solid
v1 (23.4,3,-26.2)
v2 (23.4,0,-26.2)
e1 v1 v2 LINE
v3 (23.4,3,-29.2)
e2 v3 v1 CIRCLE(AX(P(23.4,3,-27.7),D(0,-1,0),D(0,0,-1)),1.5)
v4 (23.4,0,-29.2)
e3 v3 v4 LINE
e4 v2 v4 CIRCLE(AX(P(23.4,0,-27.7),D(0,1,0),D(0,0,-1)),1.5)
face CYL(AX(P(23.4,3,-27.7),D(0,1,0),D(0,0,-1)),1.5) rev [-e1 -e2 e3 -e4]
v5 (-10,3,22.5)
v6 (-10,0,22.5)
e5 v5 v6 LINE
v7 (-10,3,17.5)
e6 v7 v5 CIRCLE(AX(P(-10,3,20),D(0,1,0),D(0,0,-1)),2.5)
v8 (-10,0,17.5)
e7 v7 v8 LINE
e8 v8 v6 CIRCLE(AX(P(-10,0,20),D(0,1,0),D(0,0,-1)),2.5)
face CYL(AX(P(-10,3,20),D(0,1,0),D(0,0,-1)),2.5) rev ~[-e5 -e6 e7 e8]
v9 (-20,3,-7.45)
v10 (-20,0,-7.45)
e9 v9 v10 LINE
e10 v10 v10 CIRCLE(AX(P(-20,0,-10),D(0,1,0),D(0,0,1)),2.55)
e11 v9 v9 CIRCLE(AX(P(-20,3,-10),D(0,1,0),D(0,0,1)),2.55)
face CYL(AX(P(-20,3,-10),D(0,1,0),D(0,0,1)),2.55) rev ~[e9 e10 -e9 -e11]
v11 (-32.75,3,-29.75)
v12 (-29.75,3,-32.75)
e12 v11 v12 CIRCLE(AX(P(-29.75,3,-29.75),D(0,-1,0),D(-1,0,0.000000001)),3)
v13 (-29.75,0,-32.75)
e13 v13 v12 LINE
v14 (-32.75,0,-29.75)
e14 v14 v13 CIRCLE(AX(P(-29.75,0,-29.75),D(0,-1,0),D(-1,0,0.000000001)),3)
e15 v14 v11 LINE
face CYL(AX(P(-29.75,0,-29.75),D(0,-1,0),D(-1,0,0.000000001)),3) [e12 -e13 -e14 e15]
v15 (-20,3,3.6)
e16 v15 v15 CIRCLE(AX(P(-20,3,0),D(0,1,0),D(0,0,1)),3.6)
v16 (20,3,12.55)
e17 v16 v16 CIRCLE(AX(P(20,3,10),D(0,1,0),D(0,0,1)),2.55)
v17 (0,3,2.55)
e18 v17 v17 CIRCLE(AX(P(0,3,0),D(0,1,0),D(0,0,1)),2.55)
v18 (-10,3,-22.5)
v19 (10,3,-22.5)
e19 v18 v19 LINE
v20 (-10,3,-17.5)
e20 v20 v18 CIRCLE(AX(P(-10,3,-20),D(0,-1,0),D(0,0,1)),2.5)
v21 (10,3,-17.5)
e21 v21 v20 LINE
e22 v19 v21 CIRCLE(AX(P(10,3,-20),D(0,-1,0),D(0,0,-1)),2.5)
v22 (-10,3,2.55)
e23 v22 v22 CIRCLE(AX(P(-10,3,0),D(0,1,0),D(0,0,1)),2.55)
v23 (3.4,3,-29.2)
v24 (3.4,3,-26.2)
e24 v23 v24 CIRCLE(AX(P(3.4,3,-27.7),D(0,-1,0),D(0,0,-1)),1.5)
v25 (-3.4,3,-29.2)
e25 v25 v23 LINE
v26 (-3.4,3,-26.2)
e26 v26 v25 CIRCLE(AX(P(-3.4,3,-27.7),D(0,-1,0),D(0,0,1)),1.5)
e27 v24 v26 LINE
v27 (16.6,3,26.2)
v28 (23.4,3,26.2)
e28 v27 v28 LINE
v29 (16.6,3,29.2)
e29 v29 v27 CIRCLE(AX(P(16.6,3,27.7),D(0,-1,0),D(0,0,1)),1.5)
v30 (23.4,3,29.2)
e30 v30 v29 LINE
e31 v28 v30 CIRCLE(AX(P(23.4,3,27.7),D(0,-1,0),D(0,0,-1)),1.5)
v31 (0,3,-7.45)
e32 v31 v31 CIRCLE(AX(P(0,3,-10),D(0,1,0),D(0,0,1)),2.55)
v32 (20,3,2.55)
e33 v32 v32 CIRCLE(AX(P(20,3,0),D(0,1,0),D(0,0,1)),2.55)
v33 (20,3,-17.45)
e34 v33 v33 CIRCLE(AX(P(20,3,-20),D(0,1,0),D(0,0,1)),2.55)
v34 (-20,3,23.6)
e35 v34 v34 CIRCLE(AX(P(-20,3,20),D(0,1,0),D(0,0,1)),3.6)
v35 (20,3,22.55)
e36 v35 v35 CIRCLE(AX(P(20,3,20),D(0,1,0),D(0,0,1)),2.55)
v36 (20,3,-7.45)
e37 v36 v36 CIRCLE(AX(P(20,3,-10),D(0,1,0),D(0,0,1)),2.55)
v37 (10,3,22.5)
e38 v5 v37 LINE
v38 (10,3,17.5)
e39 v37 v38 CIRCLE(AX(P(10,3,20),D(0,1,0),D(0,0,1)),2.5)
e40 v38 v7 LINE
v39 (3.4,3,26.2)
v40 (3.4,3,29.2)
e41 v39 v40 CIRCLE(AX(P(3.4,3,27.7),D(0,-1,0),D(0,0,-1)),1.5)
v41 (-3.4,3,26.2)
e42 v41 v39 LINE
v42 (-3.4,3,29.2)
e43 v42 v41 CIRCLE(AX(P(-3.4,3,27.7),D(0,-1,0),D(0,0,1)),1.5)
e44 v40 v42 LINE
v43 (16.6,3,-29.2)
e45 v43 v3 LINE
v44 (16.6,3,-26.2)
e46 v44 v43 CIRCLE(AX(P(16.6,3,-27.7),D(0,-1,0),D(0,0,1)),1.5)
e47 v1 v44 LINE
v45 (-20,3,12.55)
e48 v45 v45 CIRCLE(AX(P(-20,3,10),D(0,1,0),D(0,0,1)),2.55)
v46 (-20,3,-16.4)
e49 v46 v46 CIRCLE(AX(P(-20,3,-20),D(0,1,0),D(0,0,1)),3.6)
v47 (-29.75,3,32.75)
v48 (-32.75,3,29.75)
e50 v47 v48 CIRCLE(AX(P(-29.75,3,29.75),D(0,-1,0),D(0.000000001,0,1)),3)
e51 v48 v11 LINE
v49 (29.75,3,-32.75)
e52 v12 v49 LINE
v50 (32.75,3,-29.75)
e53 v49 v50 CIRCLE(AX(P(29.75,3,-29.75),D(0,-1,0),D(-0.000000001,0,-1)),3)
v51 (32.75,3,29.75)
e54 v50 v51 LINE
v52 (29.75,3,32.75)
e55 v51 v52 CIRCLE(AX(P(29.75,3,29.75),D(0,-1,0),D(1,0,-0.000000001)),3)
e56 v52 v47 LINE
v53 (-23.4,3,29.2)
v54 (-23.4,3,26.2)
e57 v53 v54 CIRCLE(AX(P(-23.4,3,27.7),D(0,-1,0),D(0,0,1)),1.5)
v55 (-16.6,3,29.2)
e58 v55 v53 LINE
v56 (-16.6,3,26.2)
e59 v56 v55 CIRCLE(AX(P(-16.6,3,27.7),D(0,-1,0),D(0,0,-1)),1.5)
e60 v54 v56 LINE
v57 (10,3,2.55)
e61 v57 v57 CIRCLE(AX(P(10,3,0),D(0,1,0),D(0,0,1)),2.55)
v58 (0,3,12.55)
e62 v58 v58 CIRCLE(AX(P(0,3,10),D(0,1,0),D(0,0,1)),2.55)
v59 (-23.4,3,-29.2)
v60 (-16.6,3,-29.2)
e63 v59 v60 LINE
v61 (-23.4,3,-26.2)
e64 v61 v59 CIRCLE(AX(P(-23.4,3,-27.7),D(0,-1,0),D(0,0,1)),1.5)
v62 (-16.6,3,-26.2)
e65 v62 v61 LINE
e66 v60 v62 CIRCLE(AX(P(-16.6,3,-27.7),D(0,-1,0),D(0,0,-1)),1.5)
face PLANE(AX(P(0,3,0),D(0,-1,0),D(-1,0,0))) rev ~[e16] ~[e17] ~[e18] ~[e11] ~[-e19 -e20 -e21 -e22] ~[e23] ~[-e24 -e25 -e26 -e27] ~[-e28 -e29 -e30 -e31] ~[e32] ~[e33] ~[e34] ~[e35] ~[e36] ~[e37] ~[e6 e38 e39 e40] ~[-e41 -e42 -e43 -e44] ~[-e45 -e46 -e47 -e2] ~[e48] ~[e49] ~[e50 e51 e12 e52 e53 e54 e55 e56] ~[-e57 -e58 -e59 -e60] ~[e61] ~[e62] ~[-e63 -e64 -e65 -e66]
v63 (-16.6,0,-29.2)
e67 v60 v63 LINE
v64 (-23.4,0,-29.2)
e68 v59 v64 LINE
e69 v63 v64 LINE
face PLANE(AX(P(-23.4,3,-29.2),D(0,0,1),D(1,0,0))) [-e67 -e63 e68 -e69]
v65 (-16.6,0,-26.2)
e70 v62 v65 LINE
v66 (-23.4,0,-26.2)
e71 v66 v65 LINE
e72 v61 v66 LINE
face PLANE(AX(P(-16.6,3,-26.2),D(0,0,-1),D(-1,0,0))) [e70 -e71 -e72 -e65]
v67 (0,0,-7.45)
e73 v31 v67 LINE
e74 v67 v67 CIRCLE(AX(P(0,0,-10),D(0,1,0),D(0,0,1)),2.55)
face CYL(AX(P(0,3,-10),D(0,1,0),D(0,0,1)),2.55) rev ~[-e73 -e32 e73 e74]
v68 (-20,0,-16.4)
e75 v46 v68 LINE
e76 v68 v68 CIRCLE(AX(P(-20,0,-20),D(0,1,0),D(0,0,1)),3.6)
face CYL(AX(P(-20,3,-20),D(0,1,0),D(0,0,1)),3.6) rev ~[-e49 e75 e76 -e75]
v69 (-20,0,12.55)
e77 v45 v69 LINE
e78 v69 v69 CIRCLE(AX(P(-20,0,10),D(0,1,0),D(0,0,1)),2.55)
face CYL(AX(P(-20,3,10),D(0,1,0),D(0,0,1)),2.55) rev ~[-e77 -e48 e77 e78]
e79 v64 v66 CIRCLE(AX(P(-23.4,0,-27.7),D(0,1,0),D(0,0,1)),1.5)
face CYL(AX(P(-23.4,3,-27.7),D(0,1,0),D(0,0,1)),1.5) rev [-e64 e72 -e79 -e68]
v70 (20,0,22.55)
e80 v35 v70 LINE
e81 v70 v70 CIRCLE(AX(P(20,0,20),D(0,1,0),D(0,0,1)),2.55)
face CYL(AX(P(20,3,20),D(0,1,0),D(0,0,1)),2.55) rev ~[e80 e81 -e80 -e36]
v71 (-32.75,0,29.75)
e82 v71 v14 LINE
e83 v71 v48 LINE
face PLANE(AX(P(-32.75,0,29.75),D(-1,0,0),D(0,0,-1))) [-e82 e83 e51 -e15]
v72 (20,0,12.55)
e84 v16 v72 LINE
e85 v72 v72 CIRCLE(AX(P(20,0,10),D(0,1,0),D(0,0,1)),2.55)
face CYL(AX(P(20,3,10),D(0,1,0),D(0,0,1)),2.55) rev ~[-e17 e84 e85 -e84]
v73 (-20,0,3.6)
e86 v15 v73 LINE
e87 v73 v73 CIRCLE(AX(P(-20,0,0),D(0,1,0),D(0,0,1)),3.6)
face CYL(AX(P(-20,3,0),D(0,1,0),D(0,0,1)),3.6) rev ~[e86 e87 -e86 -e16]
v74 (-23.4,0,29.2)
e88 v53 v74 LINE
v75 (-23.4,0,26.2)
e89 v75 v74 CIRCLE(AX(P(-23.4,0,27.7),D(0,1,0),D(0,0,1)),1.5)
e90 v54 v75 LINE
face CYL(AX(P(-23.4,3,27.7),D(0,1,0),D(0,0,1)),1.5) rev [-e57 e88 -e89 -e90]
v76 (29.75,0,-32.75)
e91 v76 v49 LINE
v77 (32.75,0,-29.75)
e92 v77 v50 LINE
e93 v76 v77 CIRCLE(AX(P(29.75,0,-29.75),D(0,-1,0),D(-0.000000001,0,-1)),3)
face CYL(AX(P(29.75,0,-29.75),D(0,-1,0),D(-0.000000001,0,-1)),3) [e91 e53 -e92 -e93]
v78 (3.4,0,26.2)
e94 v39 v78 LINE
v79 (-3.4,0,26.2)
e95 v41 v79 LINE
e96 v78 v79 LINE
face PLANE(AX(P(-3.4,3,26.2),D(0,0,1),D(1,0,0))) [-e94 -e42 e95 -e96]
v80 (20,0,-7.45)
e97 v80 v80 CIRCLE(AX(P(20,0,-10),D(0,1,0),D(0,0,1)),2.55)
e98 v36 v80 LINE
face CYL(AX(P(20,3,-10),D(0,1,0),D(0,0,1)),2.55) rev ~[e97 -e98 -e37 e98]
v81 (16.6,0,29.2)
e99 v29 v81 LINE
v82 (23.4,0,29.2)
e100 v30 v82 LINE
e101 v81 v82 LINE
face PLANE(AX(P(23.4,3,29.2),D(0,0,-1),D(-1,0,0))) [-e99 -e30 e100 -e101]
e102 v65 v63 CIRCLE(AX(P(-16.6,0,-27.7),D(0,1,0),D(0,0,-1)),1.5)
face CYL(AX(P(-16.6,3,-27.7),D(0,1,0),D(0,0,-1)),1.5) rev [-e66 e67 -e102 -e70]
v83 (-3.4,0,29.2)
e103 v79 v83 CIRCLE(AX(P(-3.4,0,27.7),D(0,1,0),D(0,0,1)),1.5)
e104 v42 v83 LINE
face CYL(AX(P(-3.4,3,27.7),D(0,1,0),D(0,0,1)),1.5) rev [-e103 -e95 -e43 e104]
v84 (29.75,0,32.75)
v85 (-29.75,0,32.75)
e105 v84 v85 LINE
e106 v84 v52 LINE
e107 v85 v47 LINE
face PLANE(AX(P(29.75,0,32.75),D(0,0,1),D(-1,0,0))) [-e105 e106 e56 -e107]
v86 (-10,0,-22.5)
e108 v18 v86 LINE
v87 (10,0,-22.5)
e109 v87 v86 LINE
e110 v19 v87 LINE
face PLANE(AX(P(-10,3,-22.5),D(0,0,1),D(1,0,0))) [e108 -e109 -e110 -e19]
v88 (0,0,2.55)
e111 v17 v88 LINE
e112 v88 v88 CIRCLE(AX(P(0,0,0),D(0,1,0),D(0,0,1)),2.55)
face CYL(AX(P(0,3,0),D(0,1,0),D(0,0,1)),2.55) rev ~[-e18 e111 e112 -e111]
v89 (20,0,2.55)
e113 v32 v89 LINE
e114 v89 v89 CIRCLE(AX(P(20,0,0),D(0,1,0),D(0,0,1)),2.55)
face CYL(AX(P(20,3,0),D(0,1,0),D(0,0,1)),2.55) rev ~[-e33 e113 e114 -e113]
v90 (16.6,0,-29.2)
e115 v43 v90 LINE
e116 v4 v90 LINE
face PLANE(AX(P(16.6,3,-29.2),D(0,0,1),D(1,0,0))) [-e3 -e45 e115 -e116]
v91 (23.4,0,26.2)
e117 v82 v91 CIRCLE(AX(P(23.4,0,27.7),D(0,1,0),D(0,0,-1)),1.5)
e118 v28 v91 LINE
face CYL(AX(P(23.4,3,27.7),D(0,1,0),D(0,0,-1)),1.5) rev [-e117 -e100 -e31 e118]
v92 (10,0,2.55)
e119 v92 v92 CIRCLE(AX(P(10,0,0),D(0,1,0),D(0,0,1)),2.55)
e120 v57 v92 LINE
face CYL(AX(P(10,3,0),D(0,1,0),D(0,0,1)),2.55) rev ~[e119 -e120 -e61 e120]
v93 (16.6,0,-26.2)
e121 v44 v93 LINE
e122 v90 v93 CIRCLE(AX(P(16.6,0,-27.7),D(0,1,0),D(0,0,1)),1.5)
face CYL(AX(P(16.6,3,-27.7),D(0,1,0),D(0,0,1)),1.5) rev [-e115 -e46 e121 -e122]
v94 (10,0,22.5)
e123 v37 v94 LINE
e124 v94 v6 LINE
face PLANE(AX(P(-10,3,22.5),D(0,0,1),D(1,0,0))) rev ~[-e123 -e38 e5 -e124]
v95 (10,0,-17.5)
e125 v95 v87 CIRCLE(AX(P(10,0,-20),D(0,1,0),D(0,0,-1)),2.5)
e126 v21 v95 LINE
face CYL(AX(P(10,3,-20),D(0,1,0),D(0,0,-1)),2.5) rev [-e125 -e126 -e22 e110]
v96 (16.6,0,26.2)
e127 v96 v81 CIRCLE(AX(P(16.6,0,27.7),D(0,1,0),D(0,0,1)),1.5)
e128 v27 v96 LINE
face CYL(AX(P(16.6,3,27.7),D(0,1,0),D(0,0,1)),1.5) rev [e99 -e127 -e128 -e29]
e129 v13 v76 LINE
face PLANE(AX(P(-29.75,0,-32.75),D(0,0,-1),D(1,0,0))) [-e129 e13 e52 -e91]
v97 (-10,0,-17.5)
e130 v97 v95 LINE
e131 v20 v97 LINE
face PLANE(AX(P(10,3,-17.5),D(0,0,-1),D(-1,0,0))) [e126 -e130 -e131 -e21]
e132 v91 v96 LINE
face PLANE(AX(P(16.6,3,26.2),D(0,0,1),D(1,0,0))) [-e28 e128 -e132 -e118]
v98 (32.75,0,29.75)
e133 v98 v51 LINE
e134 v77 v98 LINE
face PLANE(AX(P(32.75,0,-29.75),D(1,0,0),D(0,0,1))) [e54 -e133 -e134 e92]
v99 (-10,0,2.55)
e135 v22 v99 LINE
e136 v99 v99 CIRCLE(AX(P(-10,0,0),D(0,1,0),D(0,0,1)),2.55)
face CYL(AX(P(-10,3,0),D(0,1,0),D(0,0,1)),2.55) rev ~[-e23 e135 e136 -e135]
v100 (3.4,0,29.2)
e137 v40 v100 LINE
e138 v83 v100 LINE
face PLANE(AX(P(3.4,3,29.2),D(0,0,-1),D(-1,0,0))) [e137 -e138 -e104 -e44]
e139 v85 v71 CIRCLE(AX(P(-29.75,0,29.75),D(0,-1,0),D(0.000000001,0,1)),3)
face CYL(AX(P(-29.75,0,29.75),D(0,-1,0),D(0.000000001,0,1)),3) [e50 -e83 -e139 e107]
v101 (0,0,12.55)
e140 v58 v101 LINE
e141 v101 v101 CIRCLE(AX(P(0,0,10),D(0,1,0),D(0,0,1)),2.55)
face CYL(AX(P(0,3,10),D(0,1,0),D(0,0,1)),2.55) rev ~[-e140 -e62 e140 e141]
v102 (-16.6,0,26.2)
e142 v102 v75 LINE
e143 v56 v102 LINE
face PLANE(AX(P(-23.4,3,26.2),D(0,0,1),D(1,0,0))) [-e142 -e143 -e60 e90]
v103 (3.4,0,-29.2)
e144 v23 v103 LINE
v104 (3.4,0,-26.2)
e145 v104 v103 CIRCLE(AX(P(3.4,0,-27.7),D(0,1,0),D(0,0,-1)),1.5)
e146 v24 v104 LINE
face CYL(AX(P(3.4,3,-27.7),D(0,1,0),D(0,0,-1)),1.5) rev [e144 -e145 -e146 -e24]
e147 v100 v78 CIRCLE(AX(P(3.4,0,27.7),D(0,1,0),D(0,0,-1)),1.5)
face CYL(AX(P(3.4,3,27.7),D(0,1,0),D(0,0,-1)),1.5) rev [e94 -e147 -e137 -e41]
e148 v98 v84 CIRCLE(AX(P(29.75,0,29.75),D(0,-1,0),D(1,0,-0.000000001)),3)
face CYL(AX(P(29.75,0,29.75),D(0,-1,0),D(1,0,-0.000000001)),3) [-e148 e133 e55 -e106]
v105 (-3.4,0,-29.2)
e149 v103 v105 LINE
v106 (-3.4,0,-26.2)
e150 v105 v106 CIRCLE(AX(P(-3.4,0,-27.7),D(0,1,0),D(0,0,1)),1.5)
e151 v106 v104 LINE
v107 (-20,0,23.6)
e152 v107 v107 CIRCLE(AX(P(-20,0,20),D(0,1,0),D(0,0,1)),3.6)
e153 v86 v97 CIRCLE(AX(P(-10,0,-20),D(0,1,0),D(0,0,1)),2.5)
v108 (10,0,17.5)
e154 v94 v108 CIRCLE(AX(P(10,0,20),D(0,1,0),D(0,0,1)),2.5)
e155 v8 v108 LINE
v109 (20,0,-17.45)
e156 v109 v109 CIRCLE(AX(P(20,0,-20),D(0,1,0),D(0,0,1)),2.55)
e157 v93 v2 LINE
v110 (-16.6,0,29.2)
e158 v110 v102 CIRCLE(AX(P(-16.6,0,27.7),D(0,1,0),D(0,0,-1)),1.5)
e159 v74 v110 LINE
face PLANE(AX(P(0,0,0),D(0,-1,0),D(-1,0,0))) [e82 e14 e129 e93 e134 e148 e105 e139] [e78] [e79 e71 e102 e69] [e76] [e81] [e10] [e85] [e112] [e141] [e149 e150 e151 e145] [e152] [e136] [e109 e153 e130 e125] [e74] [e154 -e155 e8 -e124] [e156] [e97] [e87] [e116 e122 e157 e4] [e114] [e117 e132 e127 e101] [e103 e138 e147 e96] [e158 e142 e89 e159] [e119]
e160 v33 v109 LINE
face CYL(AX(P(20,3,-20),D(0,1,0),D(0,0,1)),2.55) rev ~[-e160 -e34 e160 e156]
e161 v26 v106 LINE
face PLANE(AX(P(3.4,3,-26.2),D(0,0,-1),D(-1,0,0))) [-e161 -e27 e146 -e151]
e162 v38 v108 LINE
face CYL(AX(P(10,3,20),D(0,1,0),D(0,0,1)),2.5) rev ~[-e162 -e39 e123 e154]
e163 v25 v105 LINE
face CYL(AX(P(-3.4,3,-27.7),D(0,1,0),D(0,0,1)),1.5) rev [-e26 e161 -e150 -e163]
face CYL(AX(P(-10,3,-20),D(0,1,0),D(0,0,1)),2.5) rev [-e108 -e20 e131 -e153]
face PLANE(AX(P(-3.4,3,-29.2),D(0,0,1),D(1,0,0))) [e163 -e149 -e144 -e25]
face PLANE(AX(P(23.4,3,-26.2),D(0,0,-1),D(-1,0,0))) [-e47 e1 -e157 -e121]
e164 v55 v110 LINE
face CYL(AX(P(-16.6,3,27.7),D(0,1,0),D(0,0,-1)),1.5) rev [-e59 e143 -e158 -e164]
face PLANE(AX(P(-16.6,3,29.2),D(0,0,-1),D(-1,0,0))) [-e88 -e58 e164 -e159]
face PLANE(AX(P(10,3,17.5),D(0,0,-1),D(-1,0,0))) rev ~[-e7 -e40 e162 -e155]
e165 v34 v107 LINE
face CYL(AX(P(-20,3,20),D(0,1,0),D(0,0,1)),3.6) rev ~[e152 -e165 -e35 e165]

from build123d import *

# Parameters (mm, degrees)
BOSS_EXTRUDE1_DEPTH = 3
SKETCH2_R           = 2.55
SKETCH2_R_2         = 3.6
CUT_EXTRUDE1_DEPTH  = 47.412552181


with BuildPart() as part:
    # Sketch1 → Boss-Extrude1 (new body)
    with BuildSketch(Plane(origin=(0, 0, 0), x_dir=(1, 0, 0), z_dir=(0, 1, 0))):
        with BuildLine():
            Line((-29.75, 32.75), (29.75, 32.75))
            ThreePointArc((29.75, 32.75), (31.871320344, 31.871320344), (32.75, 29.75))
            Line((32.75, 29.75), (32.75, -29.75))
            ThreePointArc((32.75, -29.75), (31.871320344, -31.871320344), (29.75, -32.75))
            Line((29.75, -32.75), (-29.75, -32.75))
            ThreePointArc((-29.75, -32.75), (-31.871320344, -31.871320344), (-32.75, -29.75))
            Line((-32.75, -29.75), (-32.75, 29.75))
            ThreePointArc((-32.75, 29.75), (-31.871320344, 31.871320344), (-29.75, 32.75))
        make_face()
    extrude(amount=BOSS_EXTRUDE1_DEPTH)

    # Sketch2 → Cut-Extrude1 (cut, through all)
    with BuildSketch(Plane(origin=(0, 3, 0), x_dir=(1, 0, 0), z_dir=(0, 1, 0))):
        with Locations(Location((0, 0, 0), (0, 0, 270))):
            Circle(SKETCH2_R)
        with Locations(Location((-20, -20, 0), (0, 0, 270))):
            Circle(SKETCH2_R_2)
        with Locations(Location((-20, -10, 0), (0, 0, 270))):
            Circle(SKETCH2_R)
        with Locations(Location((-20, 0, 0), (0, 0, 270))):
            Circle(SKETCH2_R_2)
        with Locations(Location((-20, 10, 0), (0, 0, 270))):
            Circle(SKETCH2_R)
        with Locations(Location((-20, 20, 0), (0, 0, 270))):
            Circle(SKETCH2_R_2)
        with Locations(Location((-10, 0, 0), (0, 0, 270))):
            Circle(SKETCH2_R)
        with Locations(Location((10, 0, 0), (0, 0, 270))):
            Circle(SKETCH2_R)
        with Locations(Location((20, 0, 0), (0, 0, 270))):
            Circle(SKETCH2_R)
        with Locations(Location((0, -10, 0), (0, 0, 270))):
            Circle(SKETCH2_R)
        with Locations(Location((0, 10, 0), (0, 0, 270))):
            Circle(SKETCH2_R)
        with Locations(Location((20, -10, 0), (0, 0, 270))):
            Circle(SKETCH2_R)
        with Locations(Location((20, 10, 0), (0, 0, 270))):
            Circle(SKETCH2_R)
        with Locations(Location((20, 20, 0), (0, 0, 270))):
            Circle(SKETCH2_R)
        with Locations(Location((20, -20, 0), (0, 0, 270))):
            Circle(SKETCH2_R)
        with BuildLine():
            Line((-23.4, 29.2), (-16.6, 29.2))
            ThreePointArc((-16.6, 29.2), (-15.1, 27.7), (-16.6, 26.2))
            Line((-16.6, 26.2), (-23.4, 26.2))
            ThreePointArc((-23.4, 26.2), (-24.9, 27.7), (-23.4, 29.2))
        make_face()
        with BuildLine():
            Line((-3.4, 29.2), (3.4, 29.2))
            ThreePointArc((3.4, 29.2), (4.9, 27.7), (3.4, 26.2))
            Line((3.4, 26.2), (-3.4, 26.2))
            ThreePointArc((-3.4, 26.2), (-4.9, 27.7), (-3.4, 29.2))
        make_face()
        with BuildLine():
            Line((16.6, 29.2), (23.4, 29.2))
            ThreePointArc((23.4, 29.2), (24.9, 27.7), (23.4, 26.2))
            Line((23.4, 26.2), (16.6, 26.2))
            ThreePointArc((16.6, 26.2), (15.1, 27.7), (16.6, 29.2))
        make_face()
        with BuildLine():
            Line((-3.4, -26.2), (3.4, -26.2))
            ThreePointArc((3.4, -26.2), (4.9, -27.7), (3.4, -29.2))
            Line((3.4, -29.2), (-3.4, -29.2))
            ThreePointArc((-3.4, -29.2), (-4.9, -27.7), (-3.4, -26.2))
        make_face()
        with BuildLine():
            Line((16.6, -26.2), (23.4, -26.2))
            ThreePointArc((23.4, -26.2), (24.9, -27.7), (23.4, -29.2))
            Line((23.4, -29.2), (16.6, -29.2))
            ThreePointArc((16.6, -29.2), (15.1, -27.7), (16.6, -26.2))
        make_face()
        with BuildLine():
            Line((-23.4, -26.2), (-16.6, -26.2))
            ThreePointArc((-16.6, -26.2), (-15.1, -27.7), (-16.6, -29.2))
            Line((-16.6, -29.2), (-23.4, -29.2))
            ThreePointArc((-23.4, -29.2), (-24.9, -27.7), (-23.4, -26.2))
        make_face()
        with BuildLine():
            Line((-10, 22.5), (10, 22.5))
            ThreePointArc((10, 22.5), (12.5, 20), (10, 17.5))
            Line((10, 17.5), (-10, 17.5))
            ThreePointArc((-10, 17.5), (-12.5, 20), (-10, 22.5))
        make_face()
        with BuildLine():
            Line((10, -17.5), (-10, -17.5))
            ThreePointArc((-10, -17.5), (-12.5, -20), (-10, -22.5))
            Line((-10, -22.5), (10, -22.5))
            ThreePointArc((10, -22.5), (12.5, -20), (10, -17.5))
        make_face()
    extrude(amount=-CUT_EXTRUDE1_DEPTH, mode=Mode.SUBTRACT)


solid = part.part
